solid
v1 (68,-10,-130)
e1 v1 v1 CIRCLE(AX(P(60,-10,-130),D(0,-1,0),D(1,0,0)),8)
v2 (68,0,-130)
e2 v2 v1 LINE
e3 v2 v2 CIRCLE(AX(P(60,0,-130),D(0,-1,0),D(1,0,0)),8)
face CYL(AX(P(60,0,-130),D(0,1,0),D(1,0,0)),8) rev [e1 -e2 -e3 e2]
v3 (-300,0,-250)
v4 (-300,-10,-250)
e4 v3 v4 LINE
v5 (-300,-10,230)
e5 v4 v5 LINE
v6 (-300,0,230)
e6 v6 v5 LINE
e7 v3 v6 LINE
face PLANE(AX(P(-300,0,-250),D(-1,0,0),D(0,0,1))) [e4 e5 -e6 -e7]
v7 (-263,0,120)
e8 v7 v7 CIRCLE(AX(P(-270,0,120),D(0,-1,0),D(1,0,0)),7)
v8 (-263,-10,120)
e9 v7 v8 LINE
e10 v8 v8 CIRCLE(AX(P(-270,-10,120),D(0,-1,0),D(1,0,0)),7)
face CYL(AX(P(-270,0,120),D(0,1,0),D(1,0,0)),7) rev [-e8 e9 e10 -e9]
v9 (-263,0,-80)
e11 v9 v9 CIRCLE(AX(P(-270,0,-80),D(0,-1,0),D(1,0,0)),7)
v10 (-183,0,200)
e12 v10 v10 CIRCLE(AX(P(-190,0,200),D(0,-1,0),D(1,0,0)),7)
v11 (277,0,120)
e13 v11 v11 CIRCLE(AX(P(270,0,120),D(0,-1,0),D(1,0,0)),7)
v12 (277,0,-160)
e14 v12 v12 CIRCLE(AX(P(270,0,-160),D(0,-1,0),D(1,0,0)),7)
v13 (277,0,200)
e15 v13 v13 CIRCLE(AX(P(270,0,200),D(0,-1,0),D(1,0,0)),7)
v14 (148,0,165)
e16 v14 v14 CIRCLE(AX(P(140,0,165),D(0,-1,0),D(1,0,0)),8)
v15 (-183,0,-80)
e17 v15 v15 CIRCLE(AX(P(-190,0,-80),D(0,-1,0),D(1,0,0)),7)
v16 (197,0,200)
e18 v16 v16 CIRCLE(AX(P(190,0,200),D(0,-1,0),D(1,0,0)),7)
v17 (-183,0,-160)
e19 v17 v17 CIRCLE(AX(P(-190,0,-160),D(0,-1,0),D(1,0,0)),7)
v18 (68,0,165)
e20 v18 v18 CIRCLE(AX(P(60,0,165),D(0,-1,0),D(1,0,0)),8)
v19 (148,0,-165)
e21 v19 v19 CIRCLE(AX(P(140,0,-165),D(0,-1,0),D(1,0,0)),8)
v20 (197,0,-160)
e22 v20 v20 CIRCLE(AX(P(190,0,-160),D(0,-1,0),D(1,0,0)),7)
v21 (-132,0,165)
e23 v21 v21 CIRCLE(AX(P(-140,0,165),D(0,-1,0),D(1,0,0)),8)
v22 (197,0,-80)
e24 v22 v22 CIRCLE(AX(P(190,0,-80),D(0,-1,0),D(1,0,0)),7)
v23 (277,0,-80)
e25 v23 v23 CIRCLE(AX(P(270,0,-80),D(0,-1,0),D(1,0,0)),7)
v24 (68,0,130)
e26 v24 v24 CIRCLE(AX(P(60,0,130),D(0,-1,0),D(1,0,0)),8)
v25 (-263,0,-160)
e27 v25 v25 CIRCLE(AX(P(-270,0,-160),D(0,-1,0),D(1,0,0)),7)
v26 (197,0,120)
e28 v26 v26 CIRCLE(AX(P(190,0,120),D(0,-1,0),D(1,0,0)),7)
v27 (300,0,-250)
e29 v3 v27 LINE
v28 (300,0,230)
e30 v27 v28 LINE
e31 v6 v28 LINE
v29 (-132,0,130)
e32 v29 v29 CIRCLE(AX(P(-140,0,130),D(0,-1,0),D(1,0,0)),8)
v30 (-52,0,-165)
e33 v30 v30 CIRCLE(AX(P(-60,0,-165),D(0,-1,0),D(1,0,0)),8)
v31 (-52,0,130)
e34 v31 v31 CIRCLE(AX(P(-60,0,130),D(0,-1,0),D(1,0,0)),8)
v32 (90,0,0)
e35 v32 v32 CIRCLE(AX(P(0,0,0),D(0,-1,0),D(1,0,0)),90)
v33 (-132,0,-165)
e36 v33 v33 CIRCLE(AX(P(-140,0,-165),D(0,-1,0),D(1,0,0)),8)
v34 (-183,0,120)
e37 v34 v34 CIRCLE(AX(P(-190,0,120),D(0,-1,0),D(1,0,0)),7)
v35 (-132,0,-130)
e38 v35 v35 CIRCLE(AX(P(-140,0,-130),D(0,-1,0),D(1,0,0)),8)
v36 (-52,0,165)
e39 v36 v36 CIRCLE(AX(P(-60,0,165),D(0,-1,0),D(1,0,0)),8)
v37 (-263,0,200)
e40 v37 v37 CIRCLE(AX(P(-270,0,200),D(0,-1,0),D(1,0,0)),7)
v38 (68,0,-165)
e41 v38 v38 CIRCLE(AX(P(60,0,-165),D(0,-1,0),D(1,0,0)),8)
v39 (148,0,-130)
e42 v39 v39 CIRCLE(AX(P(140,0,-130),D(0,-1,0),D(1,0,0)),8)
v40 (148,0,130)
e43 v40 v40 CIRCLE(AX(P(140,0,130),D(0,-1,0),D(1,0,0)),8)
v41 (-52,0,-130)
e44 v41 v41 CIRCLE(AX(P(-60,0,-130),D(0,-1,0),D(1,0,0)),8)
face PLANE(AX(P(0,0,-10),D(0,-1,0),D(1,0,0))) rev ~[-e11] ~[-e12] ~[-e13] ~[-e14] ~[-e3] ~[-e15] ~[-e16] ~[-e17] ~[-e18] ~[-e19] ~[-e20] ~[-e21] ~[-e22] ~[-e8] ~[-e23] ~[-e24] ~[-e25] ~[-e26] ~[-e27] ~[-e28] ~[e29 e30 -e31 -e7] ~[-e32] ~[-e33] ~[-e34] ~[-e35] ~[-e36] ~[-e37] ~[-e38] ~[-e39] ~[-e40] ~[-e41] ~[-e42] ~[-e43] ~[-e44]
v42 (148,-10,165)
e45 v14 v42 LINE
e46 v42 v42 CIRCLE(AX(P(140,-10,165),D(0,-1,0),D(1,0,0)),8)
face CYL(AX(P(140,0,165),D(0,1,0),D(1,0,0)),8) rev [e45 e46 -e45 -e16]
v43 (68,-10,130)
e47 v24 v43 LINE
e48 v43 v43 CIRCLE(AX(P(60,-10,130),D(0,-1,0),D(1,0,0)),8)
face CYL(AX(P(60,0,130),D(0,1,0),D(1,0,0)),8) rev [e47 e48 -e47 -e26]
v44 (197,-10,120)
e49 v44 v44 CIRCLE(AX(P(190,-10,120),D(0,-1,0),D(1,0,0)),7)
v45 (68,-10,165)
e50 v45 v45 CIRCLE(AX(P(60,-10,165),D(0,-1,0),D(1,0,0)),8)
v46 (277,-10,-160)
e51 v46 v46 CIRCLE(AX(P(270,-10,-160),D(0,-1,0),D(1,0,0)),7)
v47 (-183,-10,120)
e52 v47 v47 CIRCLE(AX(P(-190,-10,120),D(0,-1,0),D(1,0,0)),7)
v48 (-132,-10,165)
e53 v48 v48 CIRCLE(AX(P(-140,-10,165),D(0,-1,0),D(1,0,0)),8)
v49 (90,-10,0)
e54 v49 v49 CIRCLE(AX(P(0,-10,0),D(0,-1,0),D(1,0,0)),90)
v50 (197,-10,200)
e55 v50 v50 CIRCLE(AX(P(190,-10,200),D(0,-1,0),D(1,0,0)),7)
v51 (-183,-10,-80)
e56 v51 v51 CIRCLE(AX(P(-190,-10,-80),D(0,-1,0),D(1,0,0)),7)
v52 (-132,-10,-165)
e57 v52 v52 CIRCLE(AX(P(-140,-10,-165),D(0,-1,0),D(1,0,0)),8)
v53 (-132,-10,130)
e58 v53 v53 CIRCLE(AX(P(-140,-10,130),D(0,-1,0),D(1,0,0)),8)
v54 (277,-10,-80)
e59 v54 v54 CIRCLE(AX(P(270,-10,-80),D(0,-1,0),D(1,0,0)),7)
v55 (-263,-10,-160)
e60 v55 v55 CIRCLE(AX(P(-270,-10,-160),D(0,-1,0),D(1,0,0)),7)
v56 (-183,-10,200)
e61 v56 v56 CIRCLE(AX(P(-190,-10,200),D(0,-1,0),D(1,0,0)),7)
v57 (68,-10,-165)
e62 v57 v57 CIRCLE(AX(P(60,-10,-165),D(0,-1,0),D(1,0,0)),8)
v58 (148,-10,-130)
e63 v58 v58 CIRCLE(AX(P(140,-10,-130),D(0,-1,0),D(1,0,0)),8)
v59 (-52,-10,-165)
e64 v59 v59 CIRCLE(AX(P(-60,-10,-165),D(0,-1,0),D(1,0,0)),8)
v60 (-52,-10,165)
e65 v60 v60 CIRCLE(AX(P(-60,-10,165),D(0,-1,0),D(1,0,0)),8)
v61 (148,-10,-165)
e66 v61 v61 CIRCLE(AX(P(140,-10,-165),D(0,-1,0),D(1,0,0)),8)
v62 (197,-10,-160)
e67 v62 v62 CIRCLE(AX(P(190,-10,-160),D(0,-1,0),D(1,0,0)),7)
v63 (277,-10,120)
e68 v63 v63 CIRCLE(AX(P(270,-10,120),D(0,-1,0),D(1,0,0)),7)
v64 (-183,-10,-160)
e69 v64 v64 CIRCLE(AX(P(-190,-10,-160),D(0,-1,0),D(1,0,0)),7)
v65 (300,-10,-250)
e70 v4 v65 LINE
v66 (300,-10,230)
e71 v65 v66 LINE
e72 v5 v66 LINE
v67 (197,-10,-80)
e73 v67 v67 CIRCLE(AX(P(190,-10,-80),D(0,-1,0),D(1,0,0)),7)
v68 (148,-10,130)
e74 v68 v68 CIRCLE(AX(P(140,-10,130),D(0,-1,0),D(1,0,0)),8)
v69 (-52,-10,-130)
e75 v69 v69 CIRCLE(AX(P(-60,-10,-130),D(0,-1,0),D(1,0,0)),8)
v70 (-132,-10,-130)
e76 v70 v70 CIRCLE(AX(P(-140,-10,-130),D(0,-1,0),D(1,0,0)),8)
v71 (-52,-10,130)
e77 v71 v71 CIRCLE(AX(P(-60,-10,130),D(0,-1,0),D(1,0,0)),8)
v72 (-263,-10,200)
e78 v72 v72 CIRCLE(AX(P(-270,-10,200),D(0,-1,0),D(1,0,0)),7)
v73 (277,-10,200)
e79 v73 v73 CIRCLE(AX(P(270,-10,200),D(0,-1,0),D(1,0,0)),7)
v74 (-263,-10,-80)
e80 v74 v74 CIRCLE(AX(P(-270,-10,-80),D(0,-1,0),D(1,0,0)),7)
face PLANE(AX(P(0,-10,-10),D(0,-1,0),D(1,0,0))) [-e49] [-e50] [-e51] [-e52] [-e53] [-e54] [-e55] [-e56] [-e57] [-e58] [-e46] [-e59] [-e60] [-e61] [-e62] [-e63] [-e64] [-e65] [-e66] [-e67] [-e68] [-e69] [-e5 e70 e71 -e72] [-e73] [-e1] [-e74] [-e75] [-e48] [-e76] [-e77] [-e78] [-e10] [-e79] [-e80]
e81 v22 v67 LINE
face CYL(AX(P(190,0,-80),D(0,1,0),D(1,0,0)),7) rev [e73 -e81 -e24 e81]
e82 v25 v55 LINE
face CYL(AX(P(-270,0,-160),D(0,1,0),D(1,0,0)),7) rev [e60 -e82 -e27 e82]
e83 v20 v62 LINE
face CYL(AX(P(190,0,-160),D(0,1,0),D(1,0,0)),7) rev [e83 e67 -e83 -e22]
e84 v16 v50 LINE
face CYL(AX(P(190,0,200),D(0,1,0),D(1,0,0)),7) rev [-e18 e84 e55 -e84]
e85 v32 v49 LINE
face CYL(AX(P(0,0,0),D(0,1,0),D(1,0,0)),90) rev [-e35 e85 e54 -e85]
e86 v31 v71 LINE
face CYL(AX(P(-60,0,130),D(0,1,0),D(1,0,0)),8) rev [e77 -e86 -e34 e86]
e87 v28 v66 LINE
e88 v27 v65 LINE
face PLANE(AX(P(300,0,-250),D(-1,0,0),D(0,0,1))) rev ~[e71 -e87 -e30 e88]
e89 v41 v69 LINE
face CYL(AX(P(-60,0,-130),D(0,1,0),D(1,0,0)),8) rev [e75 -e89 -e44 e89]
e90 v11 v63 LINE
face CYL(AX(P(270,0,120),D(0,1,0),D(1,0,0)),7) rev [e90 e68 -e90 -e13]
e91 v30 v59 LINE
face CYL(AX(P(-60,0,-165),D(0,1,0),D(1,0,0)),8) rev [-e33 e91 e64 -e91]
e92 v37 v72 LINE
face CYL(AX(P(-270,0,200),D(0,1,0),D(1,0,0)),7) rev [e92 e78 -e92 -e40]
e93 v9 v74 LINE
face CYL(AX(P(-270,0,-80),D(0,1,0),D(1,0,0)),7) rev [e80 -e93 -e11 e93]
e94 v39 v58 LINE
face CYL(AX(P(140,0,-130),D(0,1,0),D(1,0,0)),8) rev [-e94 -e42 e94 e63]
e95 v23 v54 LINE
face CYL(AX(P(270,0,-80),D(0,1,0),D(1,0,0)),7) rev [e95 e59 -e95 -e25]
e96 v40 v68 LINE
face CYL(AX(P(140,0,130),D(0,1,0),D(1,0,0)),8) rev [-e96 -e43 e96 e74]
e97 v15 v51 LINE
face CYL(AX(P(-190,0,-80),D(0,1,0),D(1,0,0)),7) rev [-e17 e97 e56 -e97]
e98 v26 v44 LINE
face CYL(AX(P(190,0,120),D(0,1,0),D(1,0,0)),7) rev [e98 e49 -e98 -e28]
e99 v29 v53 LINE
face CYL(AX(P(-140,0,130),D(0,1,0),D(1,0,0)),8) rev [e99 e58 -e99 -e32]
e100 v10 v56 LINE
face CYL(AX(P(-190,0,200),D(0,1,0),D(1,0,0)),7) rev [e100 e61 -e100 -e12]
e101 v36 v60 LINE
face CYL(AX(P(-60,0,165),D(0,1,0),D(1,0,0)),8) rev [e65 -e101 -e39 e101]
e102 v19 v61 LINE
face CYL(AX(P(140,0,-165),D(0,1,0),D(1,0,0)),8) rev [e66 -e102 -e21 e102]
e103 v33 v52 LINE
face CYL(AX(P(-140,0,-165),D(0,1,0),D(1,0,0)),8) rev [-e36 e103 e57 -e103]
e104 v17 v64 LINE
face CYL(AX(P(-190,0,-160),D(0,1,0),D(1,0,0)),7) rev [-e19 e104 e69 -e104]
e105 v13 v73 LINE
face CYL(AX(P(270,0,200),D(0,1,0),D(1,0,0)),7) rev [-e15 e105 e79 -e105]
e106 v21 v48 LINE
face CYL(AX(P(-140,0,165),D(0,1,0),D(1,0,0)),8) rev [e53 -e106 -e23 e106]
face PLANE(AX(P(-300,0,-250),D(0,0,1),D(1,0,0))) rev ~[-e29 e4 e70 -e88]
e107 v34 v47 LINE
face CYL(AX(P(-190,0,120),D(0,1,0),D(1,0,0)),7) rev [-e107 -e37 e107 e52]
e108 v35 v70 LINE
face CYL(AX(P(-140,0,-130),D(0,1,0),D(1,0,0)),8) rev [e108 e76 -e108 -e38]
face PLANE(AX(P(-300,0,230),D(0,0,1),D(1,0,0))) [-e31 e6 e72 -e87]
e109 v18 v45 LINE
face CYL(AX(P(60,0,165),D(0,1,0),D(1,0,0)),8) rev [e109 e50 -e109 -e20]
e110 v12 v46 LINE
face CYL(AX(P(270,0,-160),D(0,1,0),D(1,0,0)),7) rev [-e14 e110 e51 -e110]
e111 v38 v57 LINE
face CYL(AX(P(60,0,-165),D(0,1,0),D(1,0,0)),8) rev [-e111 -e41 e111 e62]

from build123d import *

# Parameters (mm, degrees)
F0_W     = 600
F0_H     = 480
F0_R     = 7
F0_R_2   = 8
F0_R_3   = 90
F1_DEPTH = 10


with BuildPart() as f1:
    # F0 (on Front) → F1 (new body)
    with BuildSketch(Plane.XZ):
        with Locations((0, -10)):
            Rectangle(F0_W, F0_H)
        with Locations((-270, -160)):
            Circle(F0_R, mode=Mode.SUBTRACT)
        with Locations((-190, -160)):
            Circle(F0_R, mode=Mode.SUBTRACT)
        with Locations((-140, -165)):
            Circle(F0_R_2, mode=Mode.SUBTRACT)
        with Locations((-60, -165)):
            Circle(F0_R_2, mode=Mode.SUBTRACT)
        with Locations((-270, -80)):
            Circle(F0_R, mode=Mode.SUBTRACT)
        with Locations((-190, -80)):
            Circle(F0_R, mode=Mode.SUBTRACT)
        with Locations((-140, -130)):
            Circle(F0_R_2, mode=Mode.SUBTRACT)
        with Locations((-60, -130)):
            Circle(F0_R_2, mode=Mode.SUBTRACT)
        with Locations((60, -165)):
            Circle(F0_R_2, mode=Mode.SUBTRACT)
        with Locations((140, -165)):
            Circle(F0_R_2, mode=Mode.SUBTRACT)
        with Locations((190, -160)):
            Circle(F0_R, mode=Mode.SUBTRACT)
        with Locations((270, -160)):
            Circle(F0_R, mode=Mode.SUBTRACT)
        with Locations((60, -130)):
            Circle(F0_R_2, mode=Mode.SUBTRACT)
        with Locations((140, -130)):
            Circle(F0_R_2, mode=Mode.SUBTRACT)
        with Locations((190, -80)):
            Circle(F0_R, mode=Mode.SUBTRACT)
        with Locations((270, -80)):
            Circle(F0_R, mode=Mode.SUBTRACT)
        with Locations((-270, 120)):
            Circle(F0_R, mode=Mode.SUBTRACT)
        with Locations((-190, 120)):
            Circle(F0_R, mode=Mode.SUBTRACT)
        with Locations((-270, 200)):
            Circle(F0_R, mode=Mode.SUBTRACT)
        with Locations((-190, 200)):
            Circle(F0_R, mode=Mode.SUBTRACT)
        with Locations((-140, 130)):
            Circle(F0_R_2, mode=Mode.SUBTRACT)
        with Locations((-140, 165)):
            Circle(F0_R_2, mode=Mode.SUBTRACT)
        with Locations((-60, 130)):
            Circle(F0_R_2, mode=Mode.SUBTRACT)
        with Locations((-60, 165)):
            Circle(F0_R_2, mode=Mode.SUBTRACT)
        Circle(F0_R_3, mode=Mode.SUBTRACT)
        with Locations((60, 130)):
            Circle(F0_R_2, mode=Mode.SUBTRACT)
        with Locations((60, 165)):
            Circle(F0_R_2, mode=Mode.SUBTRACT)
        with Locations((140, 130)):
            Circle(F0_R_2, mode=Mode.SUBTRACT)
        with Locations((140, 165)):
            Circle(F0_R_2, mode=Mode.SUBTRACT)
        with Locations((190, 120)):
            Circle(F0_R, mode=Mode.SUBTRACT)
        with Locations((270, 120)):
            Circle(F0_R, mode=Mode.SUBTRACT)
        with Locations((190, 200)):
            Circle(F0_R, mode=Mode.SUBTRACT)
        with Locations((270, 200)):
            Circle(F0_R, mode=Mode.SUBTRACT)
    extrude(amount=F1_DEPTH)


solid = f1.part
